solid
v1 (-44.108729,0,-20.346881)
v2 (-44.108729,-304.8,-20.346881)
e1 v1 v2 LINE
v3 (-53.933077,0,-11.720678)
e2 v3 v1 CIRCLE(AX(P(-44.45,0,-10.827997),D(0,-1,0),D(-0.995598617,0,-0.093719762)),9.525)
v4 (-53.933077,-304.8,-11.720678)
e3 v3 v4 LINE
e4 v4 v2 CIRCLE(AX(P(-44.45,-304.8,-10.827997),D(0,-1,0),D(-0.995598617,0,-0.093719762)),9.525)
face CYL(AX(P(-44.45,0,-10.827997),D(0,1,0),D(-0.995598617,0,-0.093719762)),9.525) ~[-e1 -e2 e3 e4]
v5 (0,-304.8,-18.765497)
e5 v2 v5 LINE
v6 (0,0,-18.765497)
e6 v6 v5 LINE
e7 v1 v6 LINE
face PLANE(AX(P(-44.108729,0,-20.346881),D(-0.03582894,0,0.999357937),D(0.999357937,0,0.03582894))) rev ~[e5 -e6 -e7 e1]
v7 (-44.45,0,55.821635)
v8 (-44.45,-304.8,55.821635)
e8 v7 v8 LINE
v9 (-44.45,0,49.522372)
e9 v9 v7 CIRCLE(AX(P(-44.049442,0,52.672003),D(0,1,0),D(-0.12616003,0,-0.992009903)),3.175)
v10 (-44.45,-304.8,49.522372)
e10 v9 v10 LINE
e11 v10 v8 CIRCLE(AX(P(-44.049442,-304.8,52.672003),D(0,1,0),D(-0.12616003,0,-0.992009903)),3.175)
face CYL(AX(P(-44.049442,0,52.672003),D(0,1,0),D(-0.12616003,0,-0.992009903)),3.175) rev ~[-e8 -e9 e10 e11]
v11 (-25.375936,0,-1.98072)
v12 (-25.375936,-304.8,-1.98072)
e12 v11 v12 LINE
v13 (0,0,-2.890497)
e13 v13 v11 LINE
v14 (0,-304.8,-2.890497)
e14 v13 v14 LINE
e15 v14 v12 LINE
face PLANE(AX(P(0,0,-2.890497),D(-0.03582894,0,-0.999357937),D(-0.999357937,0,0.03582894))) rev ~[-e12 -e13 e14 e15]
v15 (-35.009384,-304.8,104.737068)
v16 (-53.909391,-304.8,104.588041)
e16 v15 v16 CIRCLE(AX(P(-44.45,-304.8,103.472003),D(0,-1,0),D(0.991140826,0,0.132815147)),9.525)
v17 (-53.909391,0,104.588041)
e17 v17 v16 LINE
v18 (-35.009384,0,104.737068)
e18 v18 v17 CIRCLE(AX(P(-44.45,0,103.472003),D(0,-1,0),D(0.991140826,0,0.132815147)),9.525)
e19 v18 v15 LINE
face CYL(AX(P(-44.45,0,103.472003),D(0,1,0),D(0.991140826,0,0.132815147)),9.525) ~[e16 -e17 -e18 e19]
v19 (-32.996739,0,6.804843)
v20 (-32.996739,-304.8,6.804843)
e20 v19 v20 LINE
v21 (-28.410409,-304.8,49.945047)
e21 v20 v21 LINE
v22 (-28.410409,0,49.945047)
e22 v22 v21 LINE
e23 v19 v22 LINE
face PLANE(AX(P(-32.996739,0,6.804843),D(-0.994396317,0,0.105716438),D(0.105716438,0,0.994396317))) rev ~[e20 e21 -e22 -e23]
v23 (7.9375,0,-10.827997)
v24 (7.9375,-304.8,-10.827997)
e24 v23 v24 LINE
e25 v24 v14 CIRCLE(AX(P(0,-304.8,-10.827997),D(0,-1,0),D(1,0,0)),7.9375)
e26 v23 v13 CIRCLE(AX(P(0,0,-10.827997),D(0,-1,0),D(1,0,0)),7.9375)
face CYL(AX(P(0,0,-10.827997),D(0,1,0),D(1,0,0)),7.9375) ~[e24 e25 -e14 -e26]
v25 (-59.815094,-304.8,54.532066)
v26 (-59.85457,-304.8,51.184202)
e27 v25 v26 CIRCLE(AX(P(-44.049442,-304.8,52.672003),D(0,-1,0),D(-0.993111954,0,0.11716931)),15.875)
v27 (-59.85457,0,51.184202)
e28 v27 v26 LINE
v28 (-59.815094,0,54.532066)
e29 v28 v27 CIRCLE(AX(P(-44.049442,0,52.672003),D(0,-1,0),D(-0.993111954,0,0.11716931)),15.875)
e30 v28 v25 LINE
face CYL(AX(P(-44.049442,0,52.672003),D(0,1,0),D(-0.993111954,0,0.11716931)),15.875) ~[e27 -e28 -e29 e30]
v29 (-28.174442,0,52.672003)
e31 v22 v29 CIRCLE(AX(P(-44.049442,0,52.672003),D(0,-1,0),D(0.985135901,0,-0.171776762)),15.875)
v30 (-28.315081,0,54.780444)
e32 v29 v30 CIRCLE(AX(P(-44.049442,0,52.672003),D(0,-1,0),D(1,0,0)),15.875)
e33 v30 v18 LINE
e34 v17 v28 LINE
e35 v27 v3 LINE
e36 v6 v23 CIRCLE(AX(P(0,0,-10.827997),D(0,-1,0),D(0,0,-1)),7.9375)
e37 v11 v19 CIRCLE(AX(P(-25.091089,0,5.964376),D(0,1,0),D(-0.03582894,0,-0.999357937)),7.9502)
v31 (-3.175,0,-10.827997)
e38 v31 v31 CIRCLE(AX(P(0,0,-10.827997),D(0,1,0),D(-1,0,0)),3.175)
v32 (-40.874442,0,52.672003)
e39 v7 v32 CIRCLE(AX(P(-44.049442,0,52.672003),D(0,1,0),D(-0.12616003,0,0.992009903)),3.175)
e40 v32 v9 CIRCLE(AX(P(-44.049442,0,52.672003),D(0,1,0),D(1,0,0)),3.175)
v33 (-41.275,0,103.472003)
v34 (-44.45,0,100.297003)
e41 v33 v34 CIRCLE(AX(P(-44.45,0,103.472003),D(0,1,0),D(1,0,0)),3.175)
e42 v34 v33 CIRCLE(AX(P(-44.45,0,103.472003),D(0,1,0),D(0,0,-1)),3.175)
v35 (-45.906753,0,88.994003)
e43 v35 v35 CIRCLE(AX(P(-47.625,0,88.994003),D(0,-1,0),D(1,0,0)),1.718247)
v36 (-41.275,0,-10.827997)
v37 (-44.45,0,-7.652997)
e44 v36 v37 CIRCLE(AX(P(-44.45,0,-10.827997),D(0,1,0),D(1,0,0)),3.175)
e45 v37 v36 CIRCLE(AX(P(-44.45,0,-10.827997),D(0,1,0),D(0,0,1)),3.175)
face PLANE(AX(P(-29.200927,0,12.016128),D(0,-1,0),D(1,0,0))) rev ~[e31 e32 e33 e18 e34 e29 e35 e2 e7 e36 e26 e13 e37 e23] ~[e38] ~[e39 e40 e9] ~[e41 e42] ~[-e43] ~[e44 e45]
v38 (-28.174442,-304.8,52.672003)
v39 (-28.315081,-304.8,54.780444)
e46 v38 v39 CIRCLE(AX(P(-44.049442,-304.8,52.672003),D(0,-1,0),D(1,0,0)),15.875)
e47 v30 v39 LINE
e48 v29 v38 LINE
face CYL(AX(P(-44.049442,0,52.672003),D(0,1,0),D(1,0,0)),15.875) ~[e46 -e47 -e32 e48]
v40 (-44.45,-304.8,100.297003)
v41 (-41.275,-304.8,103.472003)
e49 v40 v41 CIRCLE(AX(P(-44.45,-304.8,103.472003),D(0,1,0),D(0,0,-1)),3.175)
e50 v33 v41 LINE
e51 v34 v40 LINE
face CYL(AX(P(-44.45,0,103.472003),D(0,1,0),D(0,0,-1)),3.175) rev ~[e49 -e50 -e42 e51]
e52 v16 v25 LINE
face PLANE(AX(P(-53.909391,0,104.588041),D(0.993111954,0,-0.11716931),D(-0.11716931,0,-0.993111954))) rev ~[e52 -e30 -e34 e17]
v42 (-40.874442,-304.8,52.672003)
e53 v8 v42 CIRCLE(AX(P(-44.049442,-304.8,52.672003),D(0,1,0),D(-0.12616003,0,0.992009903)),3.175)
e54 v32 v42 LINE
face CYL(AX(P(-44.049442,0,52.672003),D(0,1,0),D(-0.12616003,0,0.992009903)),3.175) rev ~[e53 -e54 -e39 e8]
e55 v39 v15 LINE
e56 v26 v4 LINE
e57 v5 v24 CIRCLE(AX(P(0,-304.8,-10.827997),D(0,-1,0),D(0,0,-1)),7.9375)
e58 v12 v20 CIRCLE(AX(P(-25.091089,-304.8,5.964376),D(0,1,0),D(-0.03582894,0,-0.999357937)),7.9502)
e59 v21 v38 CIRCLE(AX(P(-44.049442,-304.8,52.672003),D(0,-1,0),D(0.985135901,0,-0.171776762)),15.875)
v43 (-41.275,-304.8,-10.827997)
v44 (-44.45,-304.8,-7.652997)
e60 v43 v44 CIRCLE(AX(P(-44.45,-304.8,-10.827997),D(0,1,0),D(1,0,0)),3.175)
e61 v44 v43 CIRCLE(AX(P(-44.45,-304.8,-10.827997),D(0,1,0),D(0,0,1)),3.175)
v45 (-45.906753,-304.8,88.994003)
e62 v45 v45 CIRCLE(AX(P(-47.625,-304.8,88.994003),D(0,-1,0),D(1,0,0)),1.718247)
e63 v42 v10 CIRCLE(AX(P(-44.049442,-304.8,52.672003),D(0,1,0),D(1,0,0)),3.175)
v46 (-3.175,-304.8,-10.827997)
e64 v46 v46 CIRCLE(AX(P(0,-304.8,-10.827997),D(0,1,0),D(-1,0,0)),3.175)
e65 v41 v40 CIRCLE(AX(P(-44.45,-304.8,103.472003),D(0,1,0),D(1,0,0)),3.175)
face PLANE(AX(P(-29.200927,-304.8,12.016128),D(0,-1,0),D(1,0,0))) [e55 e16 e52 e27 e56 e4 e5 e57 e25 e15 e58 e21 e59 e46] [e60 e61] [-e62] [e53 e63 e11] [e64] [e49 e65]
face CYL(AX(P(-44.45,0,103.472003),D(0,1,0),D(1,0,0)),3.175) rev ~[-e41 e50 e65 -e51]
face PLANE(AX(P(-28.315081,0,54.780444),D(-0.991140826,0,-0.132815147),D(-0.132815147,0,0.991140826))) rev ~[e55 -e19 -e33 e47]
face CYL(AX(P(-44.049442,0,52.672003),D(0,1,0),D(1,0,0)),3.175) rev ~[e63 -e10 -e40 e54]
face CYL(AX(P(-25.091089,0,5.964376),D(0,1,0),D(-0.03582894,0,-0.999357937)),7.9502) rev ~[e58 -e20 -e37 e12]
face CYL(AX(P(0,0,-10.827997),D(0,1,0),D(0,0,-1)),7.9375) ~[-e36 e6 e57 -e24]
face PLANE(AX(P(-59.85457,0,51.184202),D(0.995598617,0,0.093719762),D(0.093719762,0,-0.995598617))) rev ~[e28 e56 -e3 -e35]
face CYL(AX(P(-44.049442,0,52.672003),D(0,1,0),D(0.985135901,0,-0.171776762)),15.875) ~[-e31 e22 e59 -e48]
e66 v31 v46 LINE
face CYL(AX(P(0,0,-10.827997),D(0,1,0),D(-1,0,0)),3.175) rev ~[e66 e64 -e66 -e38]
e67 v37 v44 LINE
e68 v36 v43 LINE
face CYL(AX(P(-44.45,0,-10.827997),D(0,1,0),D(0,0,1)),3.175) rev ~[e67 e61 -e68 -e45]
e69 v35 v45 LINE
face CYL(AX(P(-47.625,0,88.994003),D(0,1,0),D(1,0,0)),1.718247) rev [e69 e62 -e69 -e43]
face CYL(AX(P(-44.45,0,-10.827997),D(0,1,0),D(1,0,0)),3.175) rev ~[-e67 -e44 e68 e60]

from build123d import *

# Parameters (mm, degrees)
F0_R     = 1.7182468223
F1_DEPTH = 304.8


with BuildPart() as f1:
    # F0 (on Front) → F1 (new body)
    with BuildSketch(Plane.XZ):
        with BuildLine():
            Line((-32.9967385804, 6.8048425582), (-28.4104094703, 49.945047138))
            ThreePointArc((-28.4104094703, 49.945047138), (-33.9877661328, 40.392821433), (-44.45, 36.8020574797))
            Line((-44.45, 36.8020574797), (-44.45, -1.302996767))
            ThreePointArc((-44.45, -1.302996767), (-37.7148079092, -4.0928046762), (-34.925, -10.827996767))
            Line((-34.925, -10.827996767), (-7.9375, -10.827996767))
            ThreePointArc((-7.9375, -10.827996767), (-5.6126600757, -5.2153366913), (0, -2.890496767))
            Line((0, -2.890496767), (-25.3759362201, -1.9807197434))
            ThreePointArc((-25.3759362201, -1.9807197434), (-31.0967184952, 0.7549521344), (-32.9967385804, 6.8048425582))
        make_face()
        with BuildLine():
            ThreePointArc((-44.45, 36.8020574797), (-54.883074079, 41.0682090736), (-59.8545699484, 51.1842020046))
            Line((-59.8545699484, 51.1842020046), (-53.9330768267, -11.720677504))
            ThreePointArc((-53.9330768267, -11.720677504), (-51.4937351249, -4.4161779541), (-44.45, -1.302996767))
            Line((-44.45, -1.302996767), (-44.45, 36.8020574797))
        make_face()
        with BuildLine():
            ThreePointArc((-44.45, -1.302996767), (-51.4937351249, -4.4161779541), (-53.9330768267, -11.720677504))
            ThreePointArc((-53.9330768267, -11.720677504), (-50.7345844929, -17.9854839484), (-44.1087293489, -20.3468811209))
            ThreePointArc((-44.1087293489, -20.3468811209), (-37.5952123318, -17.4414308994), (-34.925, -10.827996767))
            Line((-34.925, -10.827996767), (-41.275, -10.827996767))
            ThreePointArc((-41.275, -10.827996767), (-46.6950640303, -13.0730607973), (-44.45, -7.652996767))
            Line((-44.45, -7.652996767), (-44.45, -1.302996767))
        make_face()
        with BuildLine():
            ThreePointArc((-34.925, -10.827996767), (-37.7148079092, -4.0928046762), (-44.45, -1.302996767))
            Line((-44.45, -1.302996767), (-44.45, -7.652996767))
            ThreePointArc((-44.45, -7.652996767), (-42.2049359697, -8.5829327367), (-41.275, -10.827996767))
            Line((-41.275, -10.827996767), (-34.925, -10.827996767))
        make_face()
        with BuildLine():
            ThreePointArc((-34.925, -10.827996767), (-37.5952123318, -17.4414308994), (-44.1087293489, -20.3468811209))
            Line((-44.1087293489, -20.3468811209), (0, -18.765496767))
            ThreePointArc((0, -18.765496767), (-5.6126600757, -16.4406568427), (-7.9375, -10.827996767))
            Line((-7.9375, -10.827996767), (-34.925, -10.827996767))
        make_face()
        with BuildLine():
            ThreePointArc((-7.9375, -10.827996767), (-5.6126600757, -16.4406568427), (0, -18.765496767))
            ThreePointArc((0, -18.765496767), (5.6126600757, -16.4406568427), (7.9375, -10.827996767))
            ThreePointArc((7.9375, -10.827996767), (5.6126600757, -5.2153366913), (0, -2.890496767))
            ThreePointArc((0, -2.890496767), (-5.6126600757, -5.2153366913), (-7.9375, -10.827996767))
        make_face()
        with BuildLine():
            ThreePointArc((3.175, -10.827996767), (0, -14.002996767), (-3.175, -10.827996767))
            ThreePointArc((-3.175, -10.827996767), (0, -7.652996767), (3.175, -10.827996767))
        make_face(mode=Mode.SUBTRACT)
        with BuildLine():
            ThreePointArc((-28.1744419038, 52.672003233), (-28.2096407737, 53.7285661304), (-28.3150812936, 54.7804436962))
            ThreePointArc((-28.3150812936, 54.7804436962), (-33.74768808, 64.7504755351), (-44.45, 68.5419489863))
            Line((-44.45, 68.5419489863), (-44.45, 55.8216346736))
            ThreePointArc((-44.45, 55.8216346736), (-41.9507693419, 55.0544806154), (-40.8744419038, 52.672003233))
            ThreePointArc((-40.8744419038, 52.672003233), (-41.9507693419, 50.2895258506), (-44.45, 49.5223717924))
            Line((-44.45, 49.5223717924), (-44.45, 36.8020574797))
            ThreePointArc((-44.45, 36.8020574797), (-33.9877661328, 40.392821433), (-28.4104094703, 49.945047138))
            ThreePointArc((-28.4104094703, 49.945047138), (-28.2335438123, 51.3034300493), (-28.1744419038, 52.672003233))
        make_face()
        with BuildLine():
            Line((-44.45, 55.8216346736), (-44.45, 68.5419489863))
            ThreePointArc((-44.45, 68.5419489863), (-54.7455063411, 64.4027248883), (-59.8150941698, 54.532066035))
            ThreePointArc((-59.8150941698, 54.532066035), (-59.9233384244, 52.8591776278), (-59.8545699484, 51.1842020046))
            ThreePointArc((-59.8545699484, 51.1842020046), (-54.883074079, 41.0682090736), (-44.45, 36.8020574797))
            Line((-44.45, 36.8020574797), (-44.45, 49.5223717924))
            ThreePointArc((-44.45, 49.5223717924), (-47.2244419038, 52.672003233), (-44.45, 55.8216346736))
        make_face()
        with BuildLine():
            Line((-44.45, 68.5419489863), (-44.45, 93.947003233))
            ThreePointArc((-44.45, 93.947003233), (-51.5688441447, 97.1436793599), (-53.9093913596, 104.5880409142))
            Line((-53.9093913596, 104.5880409142), (-59.8150941698, 54.532066035))
            ThreePointArc((-59.8150941698, 54.532066035), (-54.7455063411, 64.4027248883), (-44.45, 68.5419489863))
        make_face()
        with Locations((-47.625, 88.994003233)):
            Circle(F0_R, mode=Mode.SUBTRACT)
        with BuildLine():
            ThreePointArc((-35.0093836339, 104.7370675109), (-34.9461193219, 104.1059409715), (-34.925, 103.472003233))
            ThreePointArc((-34.925, 103.472003233), (-37.7148079092, 96.7368111422), (-44.45, 93.947003233))
            Line((-44.45, 93.947003233), (-44.45, 68.5419489863))
            ThreePointArc((-44.45, 68.5419489863), (-33.74768808, 64.7504755351), (-28.3150812936, 54.7804436962))
            Line((-28.3150812936, 54.7804436962), (-35.0093836339, 104.7370675109))
        make_face()
        with BuildLine():
            ThreePointArc((-44.45, 93.947003233), (-37.7148079092, 96.7368111422), (-34.925, 103.472003233))
            ThreePointArc((-34.925, 103.472003233), (-34.9461193219, 104.1059409715), (-35.0093836339, 104.7370675109))
            ThreePointArc((-35.0093836339, 104.7370675109), (-44.5251023084, 112.9967071467), (-53.9093913596, 104.5880409142))
            ThreePointArc((-53.9093913596, 104.5880409142), (-51.5688441447, 97.1436793599), (-44.45, 93.947003233))
        make_face()
        with BuildLine():
            ThreePointArc((-41.275, 103.472003233), (-42.2049359697, 101.2269392027), (-44.45, 100.297003233))
            ThreePointArc((-44.45, 100.297003233), (-46.6950640303, 105.7170672633), (-41.275, 103.472003233))
        make_face(mode=Mode.SUBTRACT)
    extrude(amount=F1_DEPTH)


solid = f1.part
